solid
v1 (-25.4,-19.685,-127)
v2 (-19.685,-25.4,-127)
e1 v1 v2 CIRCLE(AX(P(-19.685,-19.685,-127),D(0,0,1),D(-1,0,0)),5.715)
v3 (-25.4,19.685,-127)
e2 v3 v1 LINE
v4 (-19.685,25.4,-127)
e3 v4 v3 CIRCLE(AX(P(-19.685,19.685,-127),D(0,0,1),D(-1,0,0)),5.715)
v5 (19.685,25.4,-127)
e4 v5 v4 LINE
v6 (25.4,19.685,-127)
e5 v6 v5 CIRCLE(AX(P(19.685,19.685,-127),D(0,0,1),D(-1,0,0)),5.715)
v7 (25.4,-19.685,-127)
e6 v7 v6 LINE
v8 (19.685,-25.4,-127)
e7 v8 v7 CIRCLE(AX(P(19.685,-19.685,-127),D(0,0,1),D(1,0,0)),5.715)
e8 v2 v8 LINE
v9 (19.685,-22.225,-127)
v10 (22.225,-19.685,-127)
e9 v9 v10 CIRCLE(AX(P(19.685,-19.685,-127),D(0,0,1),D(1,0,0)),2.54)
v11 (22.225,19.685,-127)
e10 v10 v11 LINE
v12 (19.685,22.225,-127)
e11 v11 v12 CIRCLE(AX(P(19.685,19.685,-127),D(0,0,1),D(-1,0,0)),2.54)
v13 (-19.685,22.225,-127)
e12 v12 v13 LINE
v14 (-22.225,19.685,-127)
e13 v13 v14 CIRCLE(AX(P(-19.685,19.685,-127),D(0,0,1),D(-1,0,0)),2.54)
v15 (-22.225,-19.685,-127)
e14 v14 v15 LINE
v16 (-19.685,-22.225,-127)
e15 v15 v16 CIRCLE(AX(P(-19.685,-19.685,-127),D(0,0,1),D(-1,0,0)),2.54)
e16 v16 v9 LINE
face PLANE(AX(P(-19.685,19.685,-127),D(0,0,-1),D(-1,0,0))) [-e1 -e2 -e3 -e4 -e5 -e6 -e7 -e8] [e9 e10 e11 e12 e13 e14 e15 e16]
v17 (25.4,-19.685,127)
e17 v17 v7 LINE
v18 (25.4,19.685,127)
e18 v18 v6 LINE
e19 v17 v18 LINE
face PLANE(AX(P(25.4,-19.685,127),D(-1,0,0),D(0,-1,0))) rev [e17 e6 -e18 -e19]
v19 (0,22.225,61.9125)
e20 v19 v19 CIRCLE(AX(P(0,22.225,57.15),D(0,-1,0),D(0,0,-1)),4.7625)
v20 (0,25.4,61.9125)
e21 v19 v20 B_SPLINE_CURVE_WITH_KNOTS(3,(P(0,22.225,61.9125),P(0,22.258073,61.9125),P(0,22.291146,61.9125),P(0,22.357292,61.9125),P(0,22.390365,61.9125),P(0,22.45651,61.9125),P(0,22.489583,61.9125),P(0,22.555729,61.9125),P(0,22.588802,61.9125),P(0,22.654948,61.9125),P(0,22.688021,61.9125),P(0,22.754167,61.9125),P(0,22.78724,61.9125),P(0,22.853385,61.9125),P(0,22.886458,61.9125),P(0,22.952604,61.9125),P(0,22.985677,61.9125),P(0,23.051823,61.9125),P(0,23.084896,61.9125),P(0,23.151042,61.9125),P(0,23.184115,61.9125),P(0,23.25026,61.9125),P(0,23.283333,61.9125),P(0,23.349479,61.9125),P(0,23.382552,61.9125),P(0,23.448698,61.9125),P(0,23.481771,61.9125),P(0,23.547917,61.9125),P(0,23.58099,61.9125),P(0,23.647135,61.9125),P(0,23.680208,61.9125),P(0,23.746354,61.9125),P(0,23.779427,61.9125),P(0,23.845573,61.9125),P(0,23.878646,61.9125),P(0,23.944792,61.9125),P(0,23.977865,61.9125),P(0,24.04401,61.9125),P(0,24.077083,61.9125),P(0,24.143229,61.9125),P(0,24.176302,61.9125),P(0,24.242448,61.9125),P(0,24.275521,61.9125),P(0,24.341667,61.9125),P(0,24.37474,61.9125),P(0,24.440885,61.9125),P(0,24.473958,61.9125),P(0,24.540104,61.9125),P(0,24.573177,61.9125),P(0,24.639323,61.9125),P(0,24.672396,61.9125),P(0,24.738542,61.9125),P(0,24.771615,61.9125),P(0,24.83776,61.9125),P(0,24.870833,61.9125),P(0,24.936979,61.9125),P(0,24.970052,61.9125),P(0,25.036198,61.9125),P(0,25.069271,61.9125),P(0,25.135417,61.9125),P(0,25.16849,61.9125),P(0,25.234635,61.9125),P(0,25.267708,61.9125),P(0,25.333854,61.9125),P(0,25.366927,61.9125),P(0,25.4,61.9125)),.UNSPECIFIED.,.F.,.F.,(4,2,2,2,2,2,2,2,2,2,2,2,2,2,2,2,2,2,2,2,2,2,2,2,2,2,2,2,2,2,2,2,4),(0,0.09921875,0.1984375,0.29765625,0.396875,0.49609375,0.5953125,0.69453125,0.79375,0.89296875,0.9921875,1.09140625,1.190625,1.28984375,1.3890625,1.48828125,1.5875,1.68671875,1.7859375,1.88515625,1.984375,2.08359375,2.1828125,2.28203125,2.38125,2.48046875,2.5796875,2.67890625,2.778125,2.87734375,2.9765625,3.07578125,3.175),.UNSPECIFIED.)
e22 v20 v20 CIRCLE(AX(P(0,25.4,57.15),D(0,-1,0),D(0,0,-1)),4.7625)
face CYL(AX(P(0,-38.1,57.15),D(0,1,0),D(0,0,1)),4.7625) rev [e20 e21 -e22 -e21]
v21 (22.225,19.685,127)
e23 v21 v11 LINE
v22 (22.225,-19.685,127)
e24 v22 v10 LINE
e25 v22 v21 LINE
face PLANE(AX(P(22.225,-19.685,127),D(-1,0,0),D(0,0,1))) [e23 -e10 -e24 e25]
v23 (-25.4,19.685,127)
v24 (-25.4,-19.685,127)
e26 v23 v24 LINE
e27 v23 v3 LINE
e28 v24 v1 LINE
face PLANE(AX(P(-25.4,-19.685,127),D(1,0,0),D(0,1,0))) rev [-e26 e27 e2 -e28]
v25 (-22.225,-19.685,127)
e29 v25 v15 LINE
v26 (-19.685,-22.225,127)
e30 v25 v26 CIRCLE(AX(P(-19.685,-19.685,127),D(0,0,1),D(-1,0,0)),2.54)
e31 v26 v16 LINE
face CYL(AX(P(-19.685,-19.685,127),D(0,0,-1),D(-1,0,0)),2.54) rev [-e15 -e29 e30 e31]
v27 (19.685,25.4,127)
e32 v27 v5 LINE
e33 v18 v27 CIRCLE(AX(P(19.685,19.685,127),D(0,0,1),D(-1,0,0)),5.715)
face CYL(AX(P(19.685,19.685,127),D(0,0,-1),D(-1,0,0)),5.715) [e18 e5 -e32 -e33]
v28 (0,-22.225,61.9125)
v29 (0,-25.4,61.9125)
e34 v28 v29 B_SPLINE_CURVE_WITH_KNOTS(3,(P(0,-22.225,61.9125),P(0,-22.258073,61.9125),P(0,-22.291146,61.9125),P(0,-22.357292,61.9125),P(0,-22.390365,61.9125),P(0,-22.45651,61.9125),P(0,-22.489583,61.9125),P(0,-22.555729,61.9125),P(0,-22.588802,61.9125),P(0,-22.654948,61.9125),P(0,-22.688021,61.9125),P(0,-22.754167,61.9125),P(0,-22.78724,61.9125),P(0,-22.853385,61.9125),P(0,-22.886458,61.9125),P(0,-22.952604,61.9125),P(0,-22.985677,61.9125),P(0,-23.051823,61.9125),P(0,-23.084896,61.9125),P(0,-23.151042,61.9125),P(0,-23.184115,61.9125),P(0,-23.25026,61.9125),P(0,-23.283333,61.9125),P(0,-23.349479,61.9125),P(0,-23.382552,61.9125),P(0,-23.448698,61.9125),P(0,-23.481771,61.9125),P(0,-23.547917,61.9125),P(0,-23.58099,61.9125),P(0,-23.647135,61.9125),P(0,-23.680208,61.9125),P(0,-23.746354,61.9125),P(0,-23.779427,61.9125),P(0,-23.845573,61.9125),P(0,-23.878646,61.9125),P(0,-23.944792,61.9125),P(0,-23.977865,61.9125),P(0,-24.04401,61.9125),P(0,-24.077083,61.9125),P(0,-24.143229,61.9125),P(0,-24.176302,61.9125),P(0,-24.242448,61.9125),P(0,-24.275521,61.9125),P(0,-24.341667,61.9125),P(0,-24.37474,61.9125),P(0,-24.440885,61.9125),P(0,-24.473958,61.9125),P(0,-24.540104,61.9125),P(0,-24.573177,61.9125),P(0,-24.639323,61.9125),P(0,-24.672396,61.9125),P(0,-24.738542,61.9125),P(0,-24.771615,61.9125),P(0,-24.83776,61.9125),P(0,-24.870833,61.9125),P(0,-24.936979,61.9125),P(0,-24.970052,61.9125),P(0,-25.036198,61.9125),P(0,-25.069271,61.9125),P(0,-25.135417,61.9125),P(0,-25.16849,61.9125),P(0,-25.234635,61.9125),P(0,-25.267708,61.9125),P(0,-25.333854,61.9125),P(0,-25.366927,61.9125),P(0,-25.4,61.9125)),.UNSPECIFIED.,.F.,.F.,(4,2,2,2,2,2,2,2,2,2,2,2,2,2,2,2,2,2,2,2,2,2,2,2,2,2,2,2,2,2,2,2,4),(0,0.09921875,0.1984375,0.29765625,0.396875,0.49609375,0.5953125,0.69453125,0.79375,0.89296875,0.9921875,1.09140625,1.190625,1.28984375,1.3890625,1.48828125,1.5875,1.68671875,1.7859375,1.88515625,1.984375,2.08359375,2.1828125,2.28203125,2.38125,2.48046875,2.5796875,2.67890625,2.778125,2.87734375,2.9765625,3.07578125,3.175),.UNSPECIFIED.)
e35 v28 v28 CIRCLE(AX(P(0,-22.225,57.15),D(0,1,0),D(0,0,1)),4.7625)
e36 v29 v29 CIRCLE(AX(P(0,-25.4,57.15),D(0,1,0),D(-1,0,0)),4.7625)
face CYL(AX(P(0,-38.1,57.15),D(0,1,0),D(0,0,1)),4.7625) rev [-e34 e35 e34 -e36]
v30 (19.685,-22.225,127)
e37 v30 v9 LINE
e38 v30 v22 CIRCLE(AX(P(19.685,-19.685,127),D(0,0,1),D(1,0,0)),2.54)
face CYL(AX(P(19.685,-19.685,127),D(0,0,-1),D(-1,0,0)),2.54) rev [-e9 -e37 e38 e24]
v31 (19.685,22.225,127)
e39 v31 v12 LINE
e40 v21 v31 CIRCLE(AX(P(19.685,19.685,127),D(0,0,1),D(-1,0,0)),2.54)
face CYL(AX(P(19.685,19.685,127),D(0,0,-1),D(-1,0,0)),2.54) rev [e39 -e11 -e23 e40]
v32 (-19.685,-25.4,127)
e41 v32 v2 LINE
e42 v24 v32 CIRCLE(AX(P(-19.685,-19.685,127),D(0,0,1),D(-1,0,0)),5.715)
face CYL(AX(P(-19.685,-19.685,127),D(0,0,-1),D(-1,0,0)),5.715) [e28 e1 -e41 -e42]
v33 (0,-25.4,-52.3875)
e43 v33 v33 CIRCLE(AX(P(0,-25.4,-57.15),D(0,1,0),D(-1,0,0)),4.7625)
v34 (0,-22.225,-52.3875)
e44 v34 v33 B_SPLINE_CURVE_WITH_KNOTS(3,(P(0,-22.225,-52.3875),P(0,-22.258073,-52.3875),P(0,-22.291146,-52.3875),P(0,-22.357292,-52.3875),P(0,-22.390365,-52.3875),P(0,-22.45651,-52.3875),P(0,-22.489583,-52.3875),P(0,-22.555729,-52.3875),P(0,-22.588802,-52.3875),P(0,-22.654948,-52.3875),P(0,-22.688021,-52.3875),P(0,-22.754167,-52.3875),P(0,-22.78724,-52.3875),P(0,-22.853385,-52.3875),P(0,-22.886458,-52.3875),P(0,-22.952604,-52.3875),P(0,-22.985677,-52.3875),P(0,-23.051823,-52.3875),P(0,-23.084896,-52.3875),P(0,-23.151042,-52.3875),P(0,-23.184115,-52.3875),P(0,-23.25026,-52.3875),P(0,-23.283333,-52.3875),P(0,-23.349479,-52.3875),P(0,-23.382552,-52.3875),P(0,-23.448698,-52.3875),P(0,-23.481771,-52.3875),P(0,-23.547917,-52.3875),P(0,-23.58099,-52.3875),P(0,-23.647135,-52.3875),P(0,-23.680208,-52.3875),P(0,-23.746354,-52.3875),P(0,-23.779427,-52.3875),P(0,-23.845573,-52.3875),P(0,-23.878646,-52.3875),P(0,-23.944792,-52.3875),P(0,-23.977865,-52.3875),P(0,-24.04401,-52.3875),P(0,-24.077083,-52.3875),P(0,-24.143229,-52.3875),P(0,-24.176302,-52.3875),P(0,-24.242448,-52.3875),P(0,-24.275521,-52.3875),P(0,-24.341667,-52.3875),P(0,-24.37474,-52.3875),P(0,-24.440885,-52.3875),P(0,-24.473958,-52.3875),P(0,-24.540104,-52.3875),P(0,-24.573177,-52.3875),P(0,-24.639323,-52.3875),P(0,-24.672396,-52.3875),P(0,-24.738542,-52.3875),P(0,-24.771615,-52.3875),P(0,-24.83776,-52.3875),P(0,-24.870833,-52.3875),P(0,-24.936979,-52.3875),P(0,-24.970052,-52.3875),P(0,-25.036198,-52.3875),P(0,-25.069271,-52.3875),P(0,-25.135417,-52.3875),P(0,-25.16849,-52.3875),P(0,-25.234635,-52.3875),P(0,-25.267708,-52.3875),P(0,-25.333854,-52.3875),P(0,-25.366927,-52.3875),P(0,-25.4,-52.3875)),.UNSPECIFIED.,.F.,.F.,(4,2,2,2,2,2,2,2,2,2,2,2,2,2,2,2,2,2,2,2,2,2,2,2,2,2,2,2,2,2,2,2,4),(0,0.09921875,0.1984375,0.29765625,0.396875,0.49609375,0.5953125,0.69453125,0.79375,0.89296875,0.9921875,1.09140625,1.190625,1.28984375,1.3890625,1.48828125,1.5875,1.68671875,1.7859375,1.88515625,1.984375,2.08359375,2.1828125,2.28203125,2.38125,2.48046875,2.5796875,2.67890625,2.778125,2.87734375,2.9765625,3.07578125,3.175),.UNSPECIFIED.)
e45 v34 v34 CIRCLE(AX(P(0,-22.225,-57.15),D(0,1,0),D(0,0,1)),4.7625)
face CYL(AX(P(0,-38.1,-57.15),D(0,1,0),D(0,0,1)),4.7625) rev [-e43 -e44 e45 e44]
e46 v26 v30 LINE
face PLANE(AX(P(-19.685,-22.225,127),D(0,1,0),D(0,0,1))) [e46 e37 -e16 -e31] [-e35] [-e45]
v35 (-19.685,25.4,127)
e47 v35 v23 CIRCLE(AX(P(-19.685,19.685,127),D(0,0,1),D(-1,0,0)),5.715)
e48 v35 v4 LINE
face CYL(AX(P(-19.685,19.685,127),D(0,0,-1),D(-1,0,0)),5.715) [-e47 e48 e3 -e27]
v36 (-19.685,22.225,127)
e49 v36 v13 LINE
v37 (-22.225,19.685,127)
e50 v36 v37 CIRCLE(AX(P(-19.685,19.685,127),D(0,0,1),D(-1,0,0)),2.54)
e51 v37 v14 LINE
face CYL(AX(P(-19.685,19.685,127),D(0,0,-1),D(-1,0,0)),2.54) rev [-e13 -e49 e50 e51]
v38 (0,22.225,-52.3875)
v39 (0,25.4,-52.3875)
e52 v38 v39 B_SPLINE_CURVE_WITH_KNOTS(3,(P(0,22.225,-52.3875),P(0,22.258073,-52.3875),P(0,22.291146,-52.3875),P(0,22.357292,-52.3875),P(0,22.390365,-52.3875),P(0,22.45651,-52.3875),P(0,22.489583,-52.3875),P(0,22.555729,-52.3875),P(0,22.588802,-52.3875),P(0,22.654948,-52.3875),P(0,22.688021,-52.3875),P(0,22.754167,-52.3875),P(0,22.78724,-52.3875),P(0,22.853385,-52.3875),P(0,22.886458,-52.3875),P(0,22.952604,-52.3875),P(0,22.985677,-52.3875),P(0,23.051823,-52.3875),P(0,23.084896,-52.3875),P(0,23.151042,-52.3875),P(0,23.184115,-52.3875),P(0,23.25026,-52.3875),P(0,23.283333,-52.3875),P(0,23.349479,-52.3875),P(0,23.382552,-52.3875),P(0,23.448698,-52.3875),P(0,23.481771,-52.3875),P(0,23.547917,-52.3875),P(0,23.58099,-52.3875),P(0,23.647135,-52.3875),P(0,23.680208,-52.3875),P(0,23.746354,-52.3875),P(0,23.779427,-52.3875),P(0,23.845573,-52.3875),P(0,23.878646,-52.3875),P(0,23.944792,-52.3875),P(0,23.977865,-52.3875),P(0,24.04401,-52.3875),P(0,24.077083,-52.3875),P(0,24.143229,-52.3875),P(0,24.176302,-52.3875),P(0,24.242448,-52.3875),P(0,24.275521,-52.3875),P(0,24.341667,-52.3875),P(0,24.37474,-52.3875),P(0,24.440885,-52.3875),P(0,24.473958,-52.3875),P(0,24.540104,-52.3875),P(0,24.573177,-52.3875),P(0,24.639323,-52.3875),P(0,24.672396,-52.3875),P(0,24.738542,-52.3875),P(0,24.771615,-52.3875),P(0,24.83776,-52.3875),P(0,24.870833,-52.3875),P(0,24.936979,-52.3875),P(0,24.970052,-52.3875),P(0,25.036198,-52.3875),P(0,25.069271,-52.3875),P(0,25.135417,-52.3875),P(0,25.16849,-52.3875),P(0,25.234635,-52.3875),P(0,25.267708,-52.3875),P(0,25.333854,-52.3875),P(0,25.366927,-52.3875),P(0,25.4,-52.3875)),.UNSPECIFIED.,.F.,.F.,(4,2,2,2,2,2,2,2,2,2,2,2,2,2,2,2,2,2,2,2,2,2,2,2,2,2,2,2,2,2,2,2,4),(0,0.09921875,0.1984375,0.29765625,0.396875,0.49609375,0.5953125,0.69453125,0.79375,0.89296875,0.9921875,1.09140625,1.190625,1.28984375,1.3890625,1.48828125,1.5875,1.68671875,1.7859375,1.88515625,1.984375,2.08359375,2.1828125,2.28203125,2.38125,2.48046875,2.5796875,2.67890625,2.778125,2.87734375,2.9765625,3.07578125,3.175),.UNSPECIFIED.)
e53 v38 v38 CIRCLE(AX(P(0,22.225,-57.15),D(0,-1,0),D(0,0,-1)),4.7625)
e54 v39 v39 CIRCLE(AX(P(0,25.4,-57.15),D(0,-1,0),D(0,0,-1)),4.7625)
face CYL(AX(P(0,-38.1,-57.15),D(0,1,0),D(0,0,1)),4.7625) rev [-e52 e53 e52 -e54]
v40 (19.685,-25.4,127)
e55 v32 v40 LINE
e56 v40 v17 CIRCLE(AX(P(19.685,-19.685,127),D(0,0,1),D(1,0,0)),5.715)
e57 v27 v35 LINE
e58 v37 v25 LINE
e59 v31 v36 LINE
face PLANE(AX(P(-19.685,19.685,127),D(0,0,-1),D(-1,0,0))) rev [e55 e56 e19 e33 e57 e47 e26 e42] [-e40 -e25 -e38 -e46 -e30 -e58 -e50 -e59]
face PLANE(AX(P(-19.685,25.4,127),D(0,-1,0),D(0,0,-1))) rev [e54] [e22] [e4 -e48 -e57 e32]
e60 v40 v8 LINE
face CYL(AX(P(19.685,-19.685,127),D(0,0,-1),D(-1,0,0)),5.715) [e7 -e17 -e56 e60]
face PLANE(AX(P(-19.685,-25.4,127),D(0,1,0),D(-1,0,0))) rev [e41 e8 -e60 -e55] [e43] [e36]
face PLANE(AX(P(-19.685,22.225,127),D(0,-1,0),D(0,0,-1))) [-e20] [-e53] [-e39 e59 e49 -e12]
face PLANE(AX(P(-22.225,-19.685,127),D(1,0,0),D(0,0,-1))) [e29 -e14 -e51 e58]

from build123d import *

# Parameters (mm, degrees)
BOSS_EXTRUDE1_DEPTH = 127
SKETCH2_R           = 4.7625
CUT_EXTRUDE1_DEPTH  = 38.1


with BuildPart() as part:
    # Sketch1 → Boss-Extrude1 (new, symmetric)
    with BuildSketch(Plane.XY):
        with BuildLine():
            Line((-19.685, 25.4), (19.685, 25.4))
            ThreePointArc((19.685, 25.4), (23.726115254, 23.726115254), (25.4, 19.685))
            Line((25.4, 19.685), (25.4, -19.685))
            ThreePointArc((25.4, -19.685), (23.726115254, -23.726115254), (19.685, -25.4))
            Line((19.685, -25.4), (-19.685, -25.4))
            ThreePointArc((-19.685, -25.4), (-23.726115254, -23.726115254), (-25.4, -19.685))
            Line((-25.4, -19.685), (-25.4, 19.685))
            ThreePointArc((-25.4, 19.685), (-23.726115254, 23.726115254), (-19.685, 25.4))
        make_face()
        with BuildLine():
            Line((-19.685, -22.225), (19.685, -22.225))
            ThreePointArc((19.685, -22.225), (21.481051224, -21.481051224), (22.225, -19.685))
            Line((22.225, -19.685), (22.225, 19.685))
            ThreePointArc((22.225, 19.685), (21.481051224, 21.481051224), (19.685, 22.225))
            Line((19.685, 22.225), (-19.685, 22.225))
            ThreePointArc((-19.685, 22.225), (-21.481051224, 21.481051224), (-22.225, 19.685))
            Line((-22.225, 19.685), (-22.225, -19.685))
            ThreePointArc((-22.225, -19.685), (-21.481051224, -21.481051224), (-19.685, -22.225))
        make_face(mode=Mode.SUBTRACT)
    extrude(amount=BOSS_EXTRUDE1_DEPTH, both=True)

    # Sketch2 → Cut-Extrude1 (cut, symmetric)
    with BuildSketch(Plane(origin=(0, 0, 0), x_dir=(1, 0, 0), z_dir=(0, 1, 0))):
        with Locations(Location((0, 57.15, 0), (0, 0, 270))):
            Circle(SKETCH2_R)
        with Locations(Location((0, -57.15, 0), (0, 0, 270))):
            Circle(SKETCH2_R)
    extrude(amount=CUT_EXTRUDE1_DEPTH, both=True, mode=Mode.SUBTRACT)


solid = part.part
